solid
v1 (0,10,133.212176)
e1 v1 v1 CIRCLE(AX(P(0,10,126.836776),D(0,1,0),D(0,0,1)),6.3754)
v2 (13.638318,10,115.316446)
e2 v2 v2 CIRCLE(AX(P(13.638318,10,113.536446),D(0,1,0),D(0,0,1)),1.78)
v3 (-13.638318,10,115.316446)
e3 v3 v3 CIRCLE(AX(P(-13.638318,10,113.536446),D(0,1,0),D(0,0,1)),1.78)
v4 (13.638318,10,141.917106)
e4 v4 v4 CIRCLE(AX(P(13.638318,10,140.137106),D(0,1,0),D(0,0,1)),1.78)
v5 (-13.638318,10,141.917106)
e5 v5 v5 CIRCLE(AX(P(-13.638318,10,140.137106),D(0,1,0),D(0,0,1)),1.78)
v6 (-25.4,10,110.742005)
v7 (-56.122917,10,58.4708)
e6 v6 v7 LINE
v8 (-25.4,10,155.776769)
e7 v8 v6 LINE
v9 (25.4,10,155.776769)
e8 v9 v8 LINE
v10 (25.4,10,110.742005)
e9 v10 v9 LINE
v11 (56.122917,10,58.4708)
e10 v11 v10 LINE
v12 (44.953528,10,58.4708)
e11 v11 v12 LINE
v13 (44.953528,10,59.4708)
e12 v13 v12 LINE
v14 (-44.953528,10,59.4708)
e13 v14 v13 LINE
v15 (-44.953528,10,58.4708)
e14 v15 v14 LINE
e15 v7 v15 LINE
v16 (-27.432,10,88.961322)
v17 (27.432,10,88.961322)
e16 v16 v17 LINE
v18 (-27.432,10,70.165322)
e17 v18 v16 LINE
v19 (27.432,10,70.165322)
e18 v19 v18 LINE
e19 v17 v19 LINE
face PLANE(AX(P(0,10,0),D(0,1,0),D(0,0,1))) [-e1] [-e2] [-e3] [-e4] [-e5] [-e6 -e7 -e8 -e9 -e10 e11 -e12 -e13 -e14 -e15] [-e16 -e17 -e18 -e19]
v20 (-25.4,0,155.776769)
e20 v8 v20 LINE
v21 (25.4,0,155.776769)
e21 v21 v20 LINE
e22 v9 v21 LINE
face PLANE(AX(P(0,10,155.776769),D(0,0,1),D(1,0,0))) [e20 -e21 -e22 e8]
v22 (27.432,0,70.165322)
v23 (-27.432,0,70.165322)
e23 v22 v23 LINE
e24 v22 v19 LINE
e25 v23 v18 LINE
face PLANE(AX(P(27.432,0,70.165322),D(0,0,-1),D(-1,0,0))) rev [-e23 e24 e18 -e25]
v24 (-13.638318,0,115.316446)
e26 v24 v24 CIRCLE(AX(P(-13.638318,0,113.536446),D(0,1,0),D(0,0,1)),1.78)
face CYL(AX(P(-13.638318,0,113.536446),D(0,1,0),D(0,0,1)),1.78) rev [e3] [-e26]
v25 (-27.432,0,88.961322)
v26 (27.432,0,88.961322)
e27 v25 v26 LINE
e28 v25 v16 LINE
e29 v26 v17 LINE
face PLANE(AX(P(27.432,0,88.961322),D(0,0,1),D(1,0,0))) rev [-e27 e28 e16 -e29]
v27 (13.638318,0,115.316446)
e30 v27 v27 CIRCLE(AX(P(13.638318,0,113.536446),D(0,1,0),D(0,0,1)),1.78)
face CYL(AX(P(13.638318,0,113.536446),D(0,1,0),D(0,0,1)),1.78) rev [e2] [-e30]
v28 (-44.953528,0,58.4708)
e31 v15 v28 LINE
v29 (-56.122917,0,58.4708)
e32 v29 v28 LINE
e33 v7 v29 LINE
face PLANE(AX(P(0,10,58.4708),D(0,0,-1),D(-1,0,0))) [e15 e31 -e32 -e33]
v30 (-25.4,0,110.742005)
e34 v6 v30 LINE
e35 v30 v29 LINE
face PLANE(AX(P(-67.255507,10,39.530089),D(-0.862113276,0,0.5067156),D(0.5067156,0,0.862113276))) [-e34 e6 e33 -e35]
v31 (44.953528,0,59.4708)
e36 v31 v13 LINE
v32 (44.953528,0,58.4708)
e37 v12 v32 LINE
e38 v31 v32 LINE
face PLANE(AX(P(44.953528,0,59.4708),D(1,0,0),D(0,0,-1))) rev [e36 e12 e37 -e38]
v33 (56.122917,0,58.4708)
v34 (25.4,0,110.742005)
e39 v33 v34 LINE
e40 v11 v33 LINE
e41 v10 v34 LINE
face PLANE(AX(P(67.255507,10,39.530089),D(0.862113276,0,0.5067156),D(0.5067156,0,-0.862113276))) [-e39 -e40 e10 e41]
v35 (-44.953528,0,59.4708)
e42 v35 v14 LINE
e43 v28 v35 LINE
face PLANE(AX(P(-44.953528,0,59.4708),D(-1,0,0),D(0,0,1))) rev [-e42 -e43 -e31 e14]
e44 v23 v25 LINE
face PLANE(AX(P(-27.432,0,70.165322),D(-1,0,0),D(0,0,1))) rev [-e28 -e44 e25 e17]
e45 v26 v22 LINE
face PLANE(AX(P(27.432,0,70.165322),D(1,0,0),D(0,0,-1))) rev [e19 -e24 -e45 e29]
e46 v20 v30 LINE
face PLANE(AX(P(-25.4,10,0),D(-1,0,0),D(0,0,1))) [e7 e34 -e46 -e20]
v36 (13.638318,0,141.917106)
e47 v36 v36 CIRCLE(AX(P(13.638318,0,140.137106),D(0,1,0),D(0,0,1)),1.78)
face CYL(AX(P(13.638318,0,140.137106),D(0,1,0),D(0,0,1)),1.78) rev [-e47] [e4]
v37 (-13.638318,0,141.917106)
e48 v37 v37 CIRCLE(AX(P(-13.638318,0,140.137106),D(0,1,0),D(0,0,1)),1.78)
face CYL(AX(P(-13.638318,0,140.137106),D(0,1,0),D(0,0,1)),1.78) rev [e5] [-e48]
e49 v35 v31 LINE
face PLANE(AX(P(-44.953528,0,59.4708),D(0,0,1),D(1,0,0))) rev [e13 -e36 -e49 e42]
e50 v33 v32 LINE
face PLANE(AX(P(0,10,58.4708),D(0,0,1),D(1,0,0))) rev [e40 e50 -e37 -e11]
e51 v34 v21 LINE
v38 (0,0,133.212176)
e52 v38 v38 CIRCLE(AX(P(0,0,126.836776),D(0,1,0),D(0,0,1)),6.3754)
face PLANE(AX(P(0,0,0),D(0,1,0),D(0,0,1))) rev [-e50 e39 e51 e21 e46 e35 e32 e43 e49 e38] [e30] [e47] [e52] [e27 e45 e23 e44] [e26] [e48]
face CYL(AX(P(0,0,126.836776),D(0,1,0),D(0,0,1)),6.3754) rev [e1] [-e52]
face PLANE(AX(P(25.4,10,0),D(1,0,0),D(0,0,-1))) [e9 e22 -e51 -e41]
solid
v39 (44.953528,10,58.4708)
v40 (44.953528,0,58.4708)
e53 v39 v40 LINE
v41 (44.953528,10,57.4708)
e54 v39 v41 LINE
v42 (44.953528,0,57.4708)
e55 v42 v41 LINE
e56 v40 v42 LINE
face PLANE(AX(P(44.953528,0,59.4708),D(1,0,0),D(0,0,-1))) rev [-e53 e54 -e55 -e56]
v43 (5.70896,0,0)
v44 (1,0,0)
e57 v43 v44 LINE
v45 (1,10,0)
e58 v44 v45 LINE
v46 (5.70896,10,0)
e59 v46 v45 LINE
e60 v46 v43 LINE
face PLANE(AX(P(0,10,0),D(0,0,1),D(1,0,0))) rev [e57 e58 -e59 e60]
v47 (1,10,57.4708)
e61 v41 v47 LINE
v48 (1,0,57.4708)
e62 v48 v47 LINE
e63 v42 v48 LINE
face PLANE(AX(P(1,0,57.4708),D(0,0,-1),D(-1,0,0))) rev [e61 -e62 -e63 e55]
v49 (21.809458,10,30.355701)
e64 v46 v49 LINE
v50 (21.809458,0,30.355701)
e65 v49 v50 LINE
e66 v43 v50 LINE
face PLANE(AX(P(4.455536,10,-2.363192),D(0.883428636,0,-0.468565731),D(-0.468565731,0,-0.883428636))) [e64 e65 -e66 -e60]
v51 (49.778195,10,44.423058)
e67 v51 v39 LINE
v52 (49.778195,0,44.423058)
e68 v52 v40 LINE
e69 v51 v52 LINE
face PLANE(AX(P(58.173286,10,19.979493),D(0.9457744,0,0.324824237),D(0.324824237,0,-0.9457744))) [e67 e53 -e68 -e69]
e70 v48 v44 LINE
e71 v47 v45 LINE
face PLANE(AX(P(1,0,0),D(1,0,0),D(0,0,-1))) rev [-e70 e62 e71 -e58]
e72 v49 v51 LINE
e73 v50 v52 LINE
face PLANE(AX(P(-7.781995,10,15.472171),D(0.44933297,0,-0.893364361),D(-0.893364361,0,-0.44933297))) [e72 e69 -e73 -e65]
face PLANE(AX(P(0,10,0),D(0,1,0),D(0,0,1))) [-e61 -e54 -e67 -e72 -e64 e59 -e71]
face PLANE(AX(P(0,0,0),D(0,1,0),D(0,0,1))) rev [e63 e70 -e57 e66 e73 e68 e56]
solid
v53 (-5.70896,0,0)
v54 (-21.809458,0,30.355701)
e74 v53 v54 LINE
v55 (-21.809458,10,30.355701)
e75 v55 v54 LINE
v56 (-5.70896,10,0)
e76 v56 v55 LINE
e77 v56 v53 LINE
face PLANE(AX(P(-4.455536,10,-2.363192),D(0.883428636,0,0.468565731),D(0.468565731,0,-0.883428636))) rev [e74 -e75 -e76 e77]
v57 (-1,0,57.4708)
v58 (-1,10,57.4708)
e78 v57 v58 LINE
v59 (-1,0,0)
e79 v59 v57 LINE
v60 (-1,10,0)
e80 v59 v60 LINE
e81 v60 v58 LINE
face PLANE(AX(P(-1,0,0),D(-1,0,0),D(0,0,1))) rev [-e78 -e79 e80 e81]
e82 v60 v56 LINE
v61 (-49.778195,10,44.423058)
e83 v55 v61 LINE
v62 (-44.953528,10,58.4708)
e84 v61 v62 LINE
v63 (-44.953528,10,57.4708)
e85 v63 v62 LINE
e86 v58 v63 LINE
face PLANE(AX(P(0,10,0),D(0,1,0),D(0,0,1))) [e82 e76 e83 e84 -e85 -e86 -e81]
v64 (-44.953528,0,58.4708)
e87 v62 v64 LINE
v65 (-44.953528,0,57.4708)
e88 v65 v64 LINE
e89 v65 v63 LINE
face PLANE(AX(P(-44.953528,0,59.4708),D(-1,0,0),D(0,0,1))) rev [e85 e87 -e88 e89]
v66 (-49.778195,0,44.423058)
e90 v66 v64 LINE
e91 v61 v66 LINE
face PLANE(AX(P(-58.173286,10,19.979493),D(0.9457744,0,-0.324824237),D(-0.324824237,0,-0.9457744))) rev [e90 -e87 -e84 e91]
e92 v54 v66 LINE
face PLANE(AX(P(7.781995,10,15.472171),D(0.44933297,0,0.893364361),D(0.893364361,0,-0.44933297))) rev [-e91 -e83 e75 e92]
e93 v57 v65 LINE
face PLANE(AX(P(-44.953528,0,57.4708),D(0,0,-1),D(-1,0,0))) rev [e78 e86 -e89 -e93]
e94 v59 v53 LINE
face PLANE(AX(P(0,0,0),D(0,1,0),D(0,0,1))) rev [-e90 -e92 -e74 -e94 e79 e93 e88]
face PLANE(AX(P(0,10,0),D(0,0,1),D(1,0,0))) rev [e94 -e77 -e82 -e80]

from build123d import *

# Parameters (mm, degrees)
BOSS_EXTRUDE1_DEPTH = 10
CUT_EXTRUDE1_DEPTH  = 10
SKETCH3_R           = 1.78
SKETCH3_R_2         = 6.3754
CUT_EXTRUDE2_DEPTH  = 10
SKETCH4_W           = 54.864
SKETCH4_H           = 18.796
CUT_EXTRUDE3_DEPTH  = 10


with BuildPart() as part:
    # Sketch1 → Boss-Extrude1 (new body)
    with BuildSketch(Plane(origin=(0, 0, 0), x_dir=(1, 0, 0), z_dir=(0, 1, 0))):
        Polygon((21.809458386, -30.355701196), (5.70896, 0), (0, 0), (0, -58.4708), (44.953527672, -58.4708), (49.778195113, -44.423058366), align=None)
        Polygon((0, -58.4708), (0, 0), (-5.70896, 0), (-21.809458386, -30.355701196), (-49.778195113, -44.423058366), (-44.953527672, -58.4708), align=None)
        Polygon((44.953527672, -58.4708), (0, -58.4708), (-44.953527672, -58.4708), (-56.122917264, -58.4708), (-25.4, -110.742004672), (-25.4, -155.77676904), (25.4, -155.77676904), (25.4, -110.742004672), (56.122917264, -58.4708), align=None)
    extrude(amount=BOSS_EXTRUDE1_DEPTH)

    # Sketch2 → Cut-Extrude1 (cut)
    with BuildSketch(Plane(origin=(0, 10, 0), x_dir=(1, 0, 0), z_dir=(0, 1, 0))):
        Polygon((-1, 0), (-1, -57.4708), (-44.953527672, -57.4708), (-44.953527672, -59.4708), (44.953527672, -59.4708), (44.953527672, -57.4708), (1, -57.4708), (1, 0), align=None)
    extrude(amount=-CUT_EXTRUDE1_DEPTH, mode=Mode.SUBTRACT)

    # Sketch3 → Cut-Extrude2 (cut)
    with BuildSketch(Plane(origin=(0, 10, 0), x_dir=(1, 0, 0), z_dir=(0, 1, 0))):
        with Locations((-13.638317973, -140.137106355)):
            Circle(SKETCH3_R)
        with Locations((13.638317973, -140.137106355)):
            Circle(SKETCH3_R)
        with Locations((13.638317973, -113.536445998)):
            Circle(SKETCH3_R)
        with Locations((-13.638317973, -113.536445998)):
            Circle(SKETCH3_R)
        with Locations((0, -126.836776177)):
            Circle(SKETCH3_R_2)
    extrude(amount=-CUT_EXTRUDE2_DEPTH, mode=Mode.SUBTRACT)

    # Sketch4 → Cut-Extrude3 (cut)
    with BuildSketch(Plane(origin=(0, 10, 0), x_dir=(1, 0, 0), z_dir=(0, 1, 0))):
        with Locations((0, -79.563322367)):
            Rectangle(SKETCH4_W, SKETCH4_H)
    extrude(amount=-CUT_EXTRUDE3_DEPTH, mode=Mode.SUBTRACT)


solid = part.part
